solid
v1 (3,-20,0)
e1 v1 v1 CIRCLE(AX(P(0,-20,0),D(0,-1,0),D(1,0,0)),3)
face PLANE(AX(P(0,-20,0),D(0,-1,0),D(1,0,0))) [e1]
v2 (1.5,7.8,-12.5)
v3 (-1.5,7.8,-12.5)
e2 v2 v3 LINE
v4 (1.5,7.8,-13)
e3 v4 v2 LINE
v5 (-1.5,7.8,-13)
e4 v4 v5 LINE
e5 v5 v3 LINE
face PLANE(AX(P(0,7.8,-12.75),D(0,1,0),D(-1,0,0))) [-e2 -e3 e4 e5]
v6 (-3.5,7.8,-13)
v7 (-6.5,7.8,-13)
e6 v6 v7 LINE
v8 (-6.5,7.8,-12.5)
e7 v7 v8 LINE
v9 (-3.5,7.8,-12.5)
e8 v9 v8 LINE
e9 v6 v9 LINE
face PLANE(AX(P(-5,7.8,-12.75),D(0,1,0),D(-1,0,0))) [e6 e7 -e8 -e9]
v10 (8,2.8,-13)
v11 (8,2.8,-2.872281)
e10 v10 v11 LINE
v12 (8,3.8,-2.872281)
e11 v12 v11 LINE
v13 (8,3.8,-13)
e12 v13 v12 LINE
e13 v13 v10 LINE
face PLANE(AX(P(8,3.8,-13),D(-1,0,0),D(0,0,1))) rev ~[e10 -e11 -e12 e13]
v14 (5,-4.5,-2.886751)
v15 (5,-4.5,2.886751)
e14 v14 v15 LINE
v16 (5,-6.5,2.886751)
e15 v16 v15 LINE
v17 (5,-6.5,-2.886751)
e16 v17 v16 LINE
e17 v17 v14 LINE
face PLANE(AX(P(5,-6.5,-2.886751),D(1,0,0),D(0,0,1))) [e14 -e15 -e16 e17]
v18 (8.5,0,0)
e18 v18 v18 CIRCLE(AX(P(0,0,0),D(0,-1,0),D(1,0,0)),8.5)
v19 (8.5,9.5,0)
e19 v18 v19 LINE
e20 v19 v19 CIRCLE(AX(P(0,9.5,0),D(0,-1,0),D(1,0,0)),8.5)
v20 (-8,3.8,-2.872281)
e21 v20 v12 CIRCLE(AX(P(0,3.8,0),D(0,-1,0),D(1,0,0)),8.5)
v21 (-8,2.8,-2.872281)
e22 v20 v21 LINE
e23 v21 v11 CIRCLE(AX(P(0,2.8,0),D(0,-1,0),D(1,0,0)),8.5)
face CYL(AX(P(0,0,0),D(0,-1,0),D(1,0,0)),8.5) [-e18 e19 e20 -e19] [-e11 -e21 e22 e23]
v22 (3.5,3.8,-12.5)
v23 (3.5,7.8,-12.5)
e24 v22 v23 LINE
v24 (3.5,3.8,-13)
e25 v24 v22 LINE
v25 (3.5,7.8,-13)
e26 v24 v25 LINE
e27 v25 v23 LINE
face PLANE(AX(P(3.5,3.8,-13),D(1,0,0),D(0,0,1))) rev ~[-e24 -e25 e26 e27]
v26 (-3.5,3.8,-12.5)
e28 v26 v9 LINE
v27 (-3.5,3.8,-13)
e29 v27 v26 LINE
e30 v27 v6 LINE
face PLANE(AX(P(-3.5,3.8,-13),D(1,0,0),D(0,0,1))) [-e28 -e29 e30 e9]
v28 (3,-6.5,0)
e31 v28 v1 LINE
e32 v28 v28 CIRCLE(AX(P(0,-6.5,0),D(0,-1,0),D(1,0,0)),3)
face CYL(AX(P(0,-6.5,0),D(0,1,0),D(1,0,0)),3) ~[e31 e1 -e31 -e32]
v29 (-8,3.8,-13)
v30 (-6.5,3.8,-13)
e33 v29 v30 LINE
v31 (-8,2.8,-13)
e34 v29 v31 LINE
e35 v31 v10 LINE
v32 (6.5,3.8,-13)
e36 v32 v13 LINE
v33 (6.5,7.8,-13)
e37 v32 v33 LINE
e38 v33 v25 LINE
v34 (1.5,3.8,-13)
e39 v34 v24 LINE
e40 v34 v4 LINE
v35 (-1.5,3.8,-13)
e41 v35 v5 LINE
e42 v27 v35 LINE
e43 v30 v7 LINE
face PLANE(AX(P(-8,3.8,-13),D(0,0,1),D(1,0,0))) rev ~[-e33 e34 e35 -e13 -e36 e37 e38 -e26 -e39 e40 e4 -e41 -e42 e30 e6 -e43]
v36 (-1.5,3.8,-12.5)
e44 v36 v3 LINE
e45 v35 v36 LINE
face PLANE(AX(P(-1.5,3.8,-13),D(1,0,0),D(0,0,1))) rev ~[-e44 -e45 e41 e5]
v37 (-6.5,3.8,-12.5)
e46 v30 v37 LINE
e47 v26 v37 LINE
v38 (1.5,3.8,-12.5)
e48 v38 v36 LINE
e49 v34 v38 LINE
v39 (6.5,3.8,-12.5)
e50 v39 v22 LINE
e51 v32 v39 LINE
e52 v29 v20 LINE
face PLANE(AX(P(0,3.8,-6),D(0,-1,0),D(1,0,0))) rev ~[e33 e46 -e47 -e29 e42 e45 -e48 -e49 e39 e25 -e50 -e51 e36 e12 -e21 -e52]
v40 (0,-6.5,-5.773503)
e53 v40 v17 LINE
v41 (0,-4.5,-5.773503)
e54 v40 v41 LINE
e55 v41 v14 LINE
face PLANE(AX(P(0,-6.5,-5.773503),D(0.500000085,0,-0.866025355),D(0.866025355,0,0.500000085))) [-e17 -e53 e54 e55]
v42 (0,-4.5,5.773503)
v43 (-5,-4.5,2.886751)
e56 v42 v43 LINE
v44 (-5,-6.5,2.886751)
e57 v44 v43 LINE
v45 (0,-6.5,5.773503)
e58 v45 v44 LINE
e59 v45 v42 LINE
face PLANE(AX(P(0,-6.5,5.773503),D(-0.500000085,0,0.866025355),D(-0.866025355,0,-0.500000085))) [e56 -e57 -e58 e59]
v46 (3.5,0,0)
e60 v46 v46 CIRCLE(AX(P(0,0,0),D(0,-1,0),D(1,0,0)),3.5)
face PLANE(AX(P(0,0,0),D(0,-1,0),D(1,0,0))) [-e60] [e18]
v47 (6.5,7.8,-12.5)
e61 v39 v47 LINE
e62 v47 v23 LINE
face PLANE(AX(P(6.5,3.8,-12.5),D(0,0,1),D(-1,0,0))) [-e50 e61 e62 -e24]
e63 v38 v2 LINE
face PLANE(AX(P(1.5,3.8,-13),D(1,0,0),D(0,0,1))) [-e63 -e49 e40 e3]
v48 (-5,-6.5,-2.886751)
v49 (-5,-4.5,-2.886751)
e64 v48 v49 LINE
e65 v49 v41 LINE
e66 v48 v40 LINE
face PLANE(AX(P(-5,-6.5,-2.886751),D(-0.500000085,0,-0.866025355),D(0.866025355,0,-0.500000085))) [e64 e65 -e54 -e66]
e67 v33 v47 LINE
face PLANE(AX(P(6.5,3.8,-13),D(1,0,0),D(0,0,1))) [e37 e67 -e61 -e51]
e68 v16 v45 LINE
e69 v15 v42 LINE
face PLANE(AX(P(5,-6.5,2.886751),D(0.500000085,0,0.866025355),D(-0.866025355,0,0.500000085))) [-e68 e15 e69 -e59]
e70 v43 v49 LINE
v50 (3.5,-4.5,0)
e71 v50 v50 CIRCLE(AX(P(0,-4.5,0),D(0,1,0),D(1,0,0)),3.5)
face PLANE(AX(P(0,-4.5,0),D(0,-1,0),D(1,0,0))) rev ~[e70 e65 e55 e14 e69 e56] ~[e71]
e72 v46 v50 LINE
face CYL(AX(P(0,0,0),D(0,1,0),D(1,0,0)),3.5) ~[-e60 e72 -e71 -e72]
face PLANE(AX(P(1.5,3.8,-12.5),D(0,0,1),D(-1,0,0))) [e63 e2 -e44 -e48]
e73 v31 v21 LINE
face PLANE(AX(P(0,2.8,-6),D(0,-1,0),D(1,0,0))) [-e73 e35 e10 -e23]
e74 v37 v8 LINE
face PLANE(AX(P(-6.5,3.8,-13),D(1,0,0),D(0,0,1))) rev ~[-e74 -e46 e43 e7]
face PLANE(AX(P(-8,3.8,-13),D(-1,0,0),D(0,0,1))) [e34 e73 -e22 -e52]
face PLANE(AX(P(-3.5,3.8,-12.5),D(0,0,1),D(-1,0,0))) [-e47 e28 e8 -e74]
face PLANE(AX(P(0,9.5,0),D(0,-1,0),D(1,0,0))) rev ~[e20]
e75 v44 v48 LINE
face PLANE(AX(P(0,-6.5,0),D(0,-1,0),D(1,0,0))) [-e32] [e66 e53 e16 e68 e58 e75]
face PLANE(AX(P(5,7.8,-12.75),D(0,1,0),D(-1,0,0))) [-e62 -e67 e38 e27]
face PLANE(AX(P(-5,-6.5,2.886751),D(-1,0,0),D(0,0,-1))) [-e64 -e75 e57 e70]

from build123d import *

# Parameters (mm, degrees)
F0_R      = 8.5
F1_DEPTH  = 9.5
F3_W      = 16
F3_H      = 14
F4_DEPTH  = 1
F5_W      = 3
F5_H      = 0.5
F6_DEPTH  = 4
F7_R      = 3.5
F8_DEPTH  = 6.5
F9_R      = 3
F10_DEPTH = 13.5
F12_DEPTH = 2


with BuildPart() as f1:
    # F0 (on Front) → F1 (new body)
    with BuildSketch(Plane.XZ):
        Circle(F0_R)
    extrude(amount=-F1_DEPTH)

    # F3 (on offset) → F4 (join)
    with BuildSketch(Plane.XZ.offset(-3.8)):
        with Locations((0, -6)):
            Rectangle(F3_W, F3_H)
    extrude(amount=F4_DEPTH)

    # F5 (on face) → F6 (join)
    with BuildSketch(Plane(origin=(0, 3.8, 0), x_dir=(-1, 0, 0), z_dir=(0, 1, 0))):
        with Locations((0, -12.75)):
            Rectangle(F5_W, F5_H)
        with Locations((-5, -12.75)):
            Rectangle(F5_W, F5_H)
        with Locations((5, -12.75)):
            Rectangle(F5_W, F5_H)
    extrude(amount=F6_DEPTH)

    # F7 (on face) → F8 (join)
    with BuildSketch(Plane.XZ):
        Circle(F7_R)
    extrude(amount=F8_DEPTH)

    # F9 (on face) → F10 (join)
    with BuildSketch(Plane.XZ.offset(6.5)):
        Circle(F9_R)
    extrude(amount=F10_DEPTH)

    # F11 (on face) → F12 (join)
    with BuildSketch(Plane.XZ.offset(6.5)):
        Polygon((5, -2.886751), (5, 2.886751), (0, 5.773503), (-5, 2.886751), (-5, -2.886751), (0, -5.773503), align=None)
    extrude(amount=-F12_DEPTH)


solid = f1.part
